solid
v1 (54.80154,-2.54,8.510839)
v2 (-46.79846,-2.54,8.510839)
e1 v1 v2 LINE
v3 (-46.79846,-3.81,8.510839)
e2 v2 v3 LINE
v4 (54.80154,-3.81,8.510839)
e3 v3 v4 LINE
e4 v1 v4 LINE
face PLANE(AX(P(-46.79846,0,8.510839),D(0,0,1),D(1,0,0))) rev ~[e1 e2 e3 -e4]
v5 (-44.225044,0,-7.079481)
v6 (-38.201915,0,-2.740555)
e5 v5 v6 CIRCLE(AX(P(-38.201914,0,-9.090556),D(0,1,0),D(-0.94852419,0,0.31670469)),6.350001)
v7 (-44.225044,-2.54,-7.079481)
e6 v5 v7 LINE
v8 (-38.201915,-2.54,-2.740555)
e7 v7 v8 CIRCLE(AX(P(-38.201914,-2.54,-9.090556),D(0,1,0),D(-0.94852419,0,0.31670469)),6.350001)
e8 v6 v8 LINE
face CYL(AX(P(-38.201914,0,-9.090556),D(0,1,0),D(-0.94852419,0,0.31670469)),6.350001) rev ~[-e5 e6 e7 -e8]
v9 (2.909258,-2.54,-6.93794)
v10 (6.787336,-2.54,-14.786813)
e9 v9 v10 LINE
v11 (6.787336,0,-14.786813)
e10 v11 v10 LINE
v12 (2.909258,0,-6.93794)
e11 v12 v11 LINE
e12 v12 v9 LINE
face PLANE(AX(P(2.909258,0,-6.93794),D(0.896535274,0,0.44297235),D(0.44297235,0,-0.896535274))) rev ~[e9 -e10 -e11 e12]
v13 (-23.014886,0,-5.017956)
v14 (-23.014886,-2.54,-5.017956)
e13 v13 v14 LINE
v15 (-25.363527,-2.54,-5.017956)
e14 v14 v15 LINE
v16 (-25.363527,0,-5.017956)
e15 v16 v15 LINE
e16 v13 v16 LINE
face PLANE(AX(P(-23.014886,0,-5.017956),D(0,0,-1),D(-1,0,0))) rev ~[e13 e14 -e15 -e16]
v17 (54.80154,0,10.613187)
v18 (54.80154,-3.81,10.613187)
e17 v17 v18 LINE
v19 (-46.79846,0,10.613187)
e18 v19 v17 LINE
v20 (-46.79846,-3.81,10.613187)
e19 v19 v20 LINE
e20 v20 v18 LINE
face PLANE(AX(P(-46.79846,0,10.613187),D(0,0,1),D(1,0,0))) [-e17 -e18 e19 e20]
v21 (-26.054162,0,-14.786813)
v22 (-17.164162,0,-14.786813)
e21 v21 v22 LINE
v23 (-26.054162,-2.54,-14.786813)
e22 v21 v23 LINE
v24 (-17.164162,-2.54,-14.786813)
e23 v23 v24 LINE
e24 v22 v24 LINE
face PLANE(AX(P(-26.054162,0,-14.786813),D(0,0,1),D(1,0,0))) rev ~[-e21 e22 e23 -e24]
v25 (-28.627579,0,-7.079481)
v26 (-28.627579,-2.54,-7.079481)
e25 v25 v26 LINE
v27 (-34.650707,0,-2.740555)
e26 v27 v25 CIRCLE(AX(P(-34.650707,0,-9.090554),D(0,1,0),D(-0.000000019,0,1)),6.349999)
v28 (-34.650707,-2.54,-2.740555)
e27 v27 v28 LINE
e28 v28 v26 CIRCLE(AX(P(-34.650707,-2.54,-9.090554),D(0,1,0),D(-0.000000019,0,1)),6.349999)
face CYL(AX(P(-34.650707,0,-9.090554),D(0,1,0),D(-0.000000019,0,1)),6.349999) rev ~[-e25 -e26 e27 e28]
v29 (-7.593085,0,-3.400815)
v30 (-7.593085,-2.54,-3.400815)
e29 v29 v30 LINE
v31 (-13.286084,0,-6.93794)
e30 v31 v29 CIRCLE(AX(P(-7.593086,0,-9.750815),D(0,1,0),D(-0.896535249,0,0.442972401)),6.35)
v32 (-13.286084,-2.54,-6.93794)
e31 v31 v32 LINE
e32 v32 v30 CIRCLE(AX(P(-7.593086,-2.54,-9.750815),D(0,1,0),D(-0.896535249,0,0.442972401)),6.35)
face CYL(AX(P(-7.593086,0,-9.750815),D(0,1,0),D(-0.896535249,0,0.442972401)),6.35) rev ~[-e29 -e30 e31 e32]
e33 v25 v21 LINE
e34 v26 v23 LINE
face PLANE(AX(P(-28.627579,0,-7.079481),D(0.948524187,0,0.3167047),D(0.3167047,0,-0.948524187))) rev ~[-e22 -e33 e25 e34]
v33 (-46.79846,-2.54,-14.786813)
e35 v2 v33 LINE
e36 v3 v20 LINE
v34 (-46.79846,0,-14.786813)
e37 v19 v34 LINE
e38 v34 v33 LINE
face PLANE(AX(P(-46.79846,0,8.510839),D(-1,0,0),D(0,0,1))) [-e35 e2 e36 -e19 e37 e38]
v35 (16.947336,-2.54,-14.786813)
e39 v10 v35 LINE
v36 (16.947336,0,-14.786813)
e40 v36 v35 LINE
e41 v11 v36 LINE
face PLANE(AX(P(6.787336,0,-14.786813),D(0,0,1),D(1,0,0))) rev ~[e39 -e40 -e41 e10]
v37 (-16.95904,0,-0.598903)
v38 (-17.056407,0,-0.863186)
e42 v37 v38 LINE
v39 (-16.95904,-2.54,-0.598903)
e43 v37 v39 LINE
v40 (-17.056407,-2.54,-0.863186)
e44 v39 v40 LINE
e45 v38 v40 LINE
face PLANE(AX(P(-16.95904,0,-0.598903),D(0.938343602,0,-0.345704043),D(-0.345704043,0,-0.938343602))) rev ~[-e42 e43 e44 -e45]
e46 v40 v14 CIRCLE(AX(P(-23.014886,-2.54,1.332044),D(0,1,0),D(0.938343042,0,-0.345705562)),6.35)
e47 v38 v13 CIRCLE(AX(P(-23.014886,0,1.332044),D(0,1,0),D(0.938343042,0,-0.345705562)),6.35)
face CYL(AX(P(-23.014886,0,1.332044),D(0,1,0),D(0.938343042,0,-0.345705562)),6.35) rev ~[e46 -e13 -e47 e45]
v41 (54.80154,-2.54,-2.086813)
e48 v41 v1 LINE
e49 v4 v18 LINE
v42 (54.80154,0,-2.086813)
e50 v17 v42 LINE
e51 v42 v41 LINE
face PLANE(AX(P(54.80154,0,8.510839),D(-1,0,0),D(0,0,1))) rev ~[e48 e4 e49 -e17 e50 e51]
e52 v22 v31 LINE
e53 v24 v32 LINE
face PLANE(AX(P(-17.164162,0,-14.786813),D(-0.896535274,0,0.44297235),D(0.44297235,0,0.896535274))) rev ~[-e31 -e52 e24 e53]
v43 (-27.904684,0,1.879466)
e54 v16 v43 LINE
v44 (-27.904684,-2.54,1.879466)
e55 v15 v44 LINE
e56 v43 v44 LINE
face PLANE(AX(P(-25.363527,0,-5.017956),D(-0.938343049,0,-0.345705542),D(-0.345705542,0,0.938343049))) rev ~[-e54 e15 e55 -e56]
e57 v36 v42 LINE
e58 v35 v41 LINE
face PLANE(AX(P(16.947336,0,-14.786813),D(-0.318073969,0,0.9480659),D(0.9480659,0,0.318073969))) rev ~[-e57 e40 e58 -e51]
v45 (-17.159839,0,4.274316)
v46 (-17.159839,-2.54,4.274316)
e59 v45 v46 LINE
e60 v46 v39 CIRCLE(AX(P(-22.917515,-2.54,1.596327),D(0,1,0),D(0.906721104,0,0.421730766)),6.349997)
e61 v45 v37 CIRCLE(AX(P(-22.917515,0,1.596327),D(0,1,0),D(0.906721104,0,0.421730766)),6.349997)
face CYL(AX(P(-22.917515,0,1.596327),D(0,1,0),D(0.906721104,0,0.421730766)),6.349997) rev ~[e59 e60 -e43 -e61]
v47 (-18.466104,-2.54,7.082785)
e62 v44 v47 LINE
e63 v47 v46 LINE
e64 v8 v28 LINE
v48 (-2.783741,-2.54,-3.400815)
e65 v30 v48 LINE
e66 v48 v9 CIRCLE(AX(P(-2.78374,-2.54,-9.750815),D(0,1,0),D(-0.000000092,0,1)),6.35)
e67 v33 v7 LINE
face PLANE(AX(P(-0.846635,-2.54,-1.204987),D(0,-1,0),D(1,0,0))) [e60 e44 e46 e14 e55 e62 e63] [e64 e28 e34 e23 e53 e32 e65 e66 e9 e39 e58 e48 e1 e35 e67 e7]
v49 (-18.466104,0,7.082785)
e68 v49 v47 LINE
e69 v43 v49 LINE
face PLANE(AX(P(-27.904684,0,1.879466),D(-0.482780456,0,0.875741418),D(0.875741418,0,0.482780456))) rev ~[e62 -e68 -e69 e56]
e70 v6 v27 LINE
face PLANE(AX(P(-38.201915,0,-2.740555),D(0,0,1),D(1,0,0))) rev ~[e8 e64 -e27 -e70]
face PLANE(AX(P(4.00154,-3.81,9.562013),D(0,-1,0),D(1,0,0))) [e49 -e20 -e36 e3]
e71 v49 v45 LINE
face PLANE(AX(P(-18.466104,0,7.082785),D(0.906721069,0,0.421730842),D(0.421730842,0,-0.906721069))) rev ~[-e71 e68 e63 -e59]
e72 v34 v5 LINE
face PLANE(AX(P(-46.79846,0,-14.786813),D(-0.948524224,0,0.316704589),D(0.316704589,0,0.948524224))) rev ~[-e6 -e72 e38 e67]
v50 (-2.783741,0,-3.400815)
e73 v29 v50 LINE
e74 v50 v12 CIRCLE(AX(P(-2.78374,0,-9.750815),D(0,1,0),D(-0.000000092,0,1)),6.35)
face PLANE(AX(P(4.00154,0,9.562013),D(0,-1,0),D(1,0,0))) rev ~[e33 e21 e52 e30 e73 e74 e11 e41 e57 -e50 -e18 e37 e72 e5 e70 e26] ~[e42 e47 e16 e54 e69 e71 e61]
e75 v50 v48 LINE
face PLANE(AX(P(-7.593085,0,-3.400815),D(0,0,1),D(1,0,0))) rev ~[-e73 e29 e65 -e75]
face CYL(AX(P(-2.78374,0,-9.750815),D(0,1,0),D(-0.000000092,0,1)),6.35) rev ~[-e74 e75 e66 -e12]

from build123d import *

# Parameters (mm, degrees)
F1_DEPTH = 2.54
F0_W     = 101.6
F0_H     = 2.102348
F2_DEPTH = 3.81


with BuildPart() as f1:
    # F0 (on Front) → F1 (new body)
    with BuildSketch(Plane.XZ):
        with BuildLine():
            Line((54.80154, 8.510839), (-46.79846, 8.510839))
            Line((-46.79846, 8.510839), (-46.79846, -14.786813))
            Line((-46.79846, -14.786813), (-44.225044, -7.079481))
            ThreePointArc((-44.225044, -7.079481), (-41.91353, -3.938234), (-38.201915, -2.740555))
            Line((-38.201915, -2.740555), (-34.650707, -2.740555))
            ThreePointArc((-34.650707, -2.740555), (-30.939092, -3.938234), (-28.627579, -7.079481))
            Line((-28.627579, -7.079481), (-26.054162, -14.786813))
            Line((-26.054162, -14.786813), (-17.164162, -14.786813))
            Line((-17.164162, -14.786813), (-13.286084, -6.93794))
            ThreePointArc((-13.286084, -6.93794), (-10.94426, -4.357103), (-7.593085, -3.400815))
            Line((-7.593085, -3.400815), (-2.783741, -3.400815))
            ThreePointArc((-2.783741, -3.400815), (0.567434, -4.357103), (2.909258, -6.93794))
            Line((2.909258, -6.93794), (6.787336, -14.786813))
            Line((6.787336, -14.786813), (16.947336, -14.786813))
            Line((16.947336, -14.786813), (54.80154, -2.086813))
            Line((54.80154, -2.086813), (54.80154, 8.510839))
        make_face()
        with BuildLine():
            Line((-25.363527, -5.017956), (-27.904684, 1.879466))
            Line((-27.904684, 1.879466), (-18.466104, 7.082785))
            Line((-18.466104, 7.082785), (-17.159839, 4.274316))
            ThreePointArc((-17.159839, 4.274316), (-16.572902, 1.857754), (-16.95904, -0.598903))
            Line((-16.95904, -0.598903), (-17.056407, -0.863186))
            ThreePointArc((-17.056407, -0.863186), (-19.38289, -3.876709), (-23.014886, -5.017956))
            Line((-23.014886, -5.017956), (-25.363527, -5.017956))
        make_face(mode=Mode.SUBTRACT)
    extrude(amount=F1_DEPTH)

    # F0 (on Front) → F2 (join)
    with BuildSketch(Plane.XZ):
        with Locations((4.00154, 9.562013)):
            Rectangle(F0_W, F0_H)
    extrude(amount=F2_DEPTH)


solid = f1.part
